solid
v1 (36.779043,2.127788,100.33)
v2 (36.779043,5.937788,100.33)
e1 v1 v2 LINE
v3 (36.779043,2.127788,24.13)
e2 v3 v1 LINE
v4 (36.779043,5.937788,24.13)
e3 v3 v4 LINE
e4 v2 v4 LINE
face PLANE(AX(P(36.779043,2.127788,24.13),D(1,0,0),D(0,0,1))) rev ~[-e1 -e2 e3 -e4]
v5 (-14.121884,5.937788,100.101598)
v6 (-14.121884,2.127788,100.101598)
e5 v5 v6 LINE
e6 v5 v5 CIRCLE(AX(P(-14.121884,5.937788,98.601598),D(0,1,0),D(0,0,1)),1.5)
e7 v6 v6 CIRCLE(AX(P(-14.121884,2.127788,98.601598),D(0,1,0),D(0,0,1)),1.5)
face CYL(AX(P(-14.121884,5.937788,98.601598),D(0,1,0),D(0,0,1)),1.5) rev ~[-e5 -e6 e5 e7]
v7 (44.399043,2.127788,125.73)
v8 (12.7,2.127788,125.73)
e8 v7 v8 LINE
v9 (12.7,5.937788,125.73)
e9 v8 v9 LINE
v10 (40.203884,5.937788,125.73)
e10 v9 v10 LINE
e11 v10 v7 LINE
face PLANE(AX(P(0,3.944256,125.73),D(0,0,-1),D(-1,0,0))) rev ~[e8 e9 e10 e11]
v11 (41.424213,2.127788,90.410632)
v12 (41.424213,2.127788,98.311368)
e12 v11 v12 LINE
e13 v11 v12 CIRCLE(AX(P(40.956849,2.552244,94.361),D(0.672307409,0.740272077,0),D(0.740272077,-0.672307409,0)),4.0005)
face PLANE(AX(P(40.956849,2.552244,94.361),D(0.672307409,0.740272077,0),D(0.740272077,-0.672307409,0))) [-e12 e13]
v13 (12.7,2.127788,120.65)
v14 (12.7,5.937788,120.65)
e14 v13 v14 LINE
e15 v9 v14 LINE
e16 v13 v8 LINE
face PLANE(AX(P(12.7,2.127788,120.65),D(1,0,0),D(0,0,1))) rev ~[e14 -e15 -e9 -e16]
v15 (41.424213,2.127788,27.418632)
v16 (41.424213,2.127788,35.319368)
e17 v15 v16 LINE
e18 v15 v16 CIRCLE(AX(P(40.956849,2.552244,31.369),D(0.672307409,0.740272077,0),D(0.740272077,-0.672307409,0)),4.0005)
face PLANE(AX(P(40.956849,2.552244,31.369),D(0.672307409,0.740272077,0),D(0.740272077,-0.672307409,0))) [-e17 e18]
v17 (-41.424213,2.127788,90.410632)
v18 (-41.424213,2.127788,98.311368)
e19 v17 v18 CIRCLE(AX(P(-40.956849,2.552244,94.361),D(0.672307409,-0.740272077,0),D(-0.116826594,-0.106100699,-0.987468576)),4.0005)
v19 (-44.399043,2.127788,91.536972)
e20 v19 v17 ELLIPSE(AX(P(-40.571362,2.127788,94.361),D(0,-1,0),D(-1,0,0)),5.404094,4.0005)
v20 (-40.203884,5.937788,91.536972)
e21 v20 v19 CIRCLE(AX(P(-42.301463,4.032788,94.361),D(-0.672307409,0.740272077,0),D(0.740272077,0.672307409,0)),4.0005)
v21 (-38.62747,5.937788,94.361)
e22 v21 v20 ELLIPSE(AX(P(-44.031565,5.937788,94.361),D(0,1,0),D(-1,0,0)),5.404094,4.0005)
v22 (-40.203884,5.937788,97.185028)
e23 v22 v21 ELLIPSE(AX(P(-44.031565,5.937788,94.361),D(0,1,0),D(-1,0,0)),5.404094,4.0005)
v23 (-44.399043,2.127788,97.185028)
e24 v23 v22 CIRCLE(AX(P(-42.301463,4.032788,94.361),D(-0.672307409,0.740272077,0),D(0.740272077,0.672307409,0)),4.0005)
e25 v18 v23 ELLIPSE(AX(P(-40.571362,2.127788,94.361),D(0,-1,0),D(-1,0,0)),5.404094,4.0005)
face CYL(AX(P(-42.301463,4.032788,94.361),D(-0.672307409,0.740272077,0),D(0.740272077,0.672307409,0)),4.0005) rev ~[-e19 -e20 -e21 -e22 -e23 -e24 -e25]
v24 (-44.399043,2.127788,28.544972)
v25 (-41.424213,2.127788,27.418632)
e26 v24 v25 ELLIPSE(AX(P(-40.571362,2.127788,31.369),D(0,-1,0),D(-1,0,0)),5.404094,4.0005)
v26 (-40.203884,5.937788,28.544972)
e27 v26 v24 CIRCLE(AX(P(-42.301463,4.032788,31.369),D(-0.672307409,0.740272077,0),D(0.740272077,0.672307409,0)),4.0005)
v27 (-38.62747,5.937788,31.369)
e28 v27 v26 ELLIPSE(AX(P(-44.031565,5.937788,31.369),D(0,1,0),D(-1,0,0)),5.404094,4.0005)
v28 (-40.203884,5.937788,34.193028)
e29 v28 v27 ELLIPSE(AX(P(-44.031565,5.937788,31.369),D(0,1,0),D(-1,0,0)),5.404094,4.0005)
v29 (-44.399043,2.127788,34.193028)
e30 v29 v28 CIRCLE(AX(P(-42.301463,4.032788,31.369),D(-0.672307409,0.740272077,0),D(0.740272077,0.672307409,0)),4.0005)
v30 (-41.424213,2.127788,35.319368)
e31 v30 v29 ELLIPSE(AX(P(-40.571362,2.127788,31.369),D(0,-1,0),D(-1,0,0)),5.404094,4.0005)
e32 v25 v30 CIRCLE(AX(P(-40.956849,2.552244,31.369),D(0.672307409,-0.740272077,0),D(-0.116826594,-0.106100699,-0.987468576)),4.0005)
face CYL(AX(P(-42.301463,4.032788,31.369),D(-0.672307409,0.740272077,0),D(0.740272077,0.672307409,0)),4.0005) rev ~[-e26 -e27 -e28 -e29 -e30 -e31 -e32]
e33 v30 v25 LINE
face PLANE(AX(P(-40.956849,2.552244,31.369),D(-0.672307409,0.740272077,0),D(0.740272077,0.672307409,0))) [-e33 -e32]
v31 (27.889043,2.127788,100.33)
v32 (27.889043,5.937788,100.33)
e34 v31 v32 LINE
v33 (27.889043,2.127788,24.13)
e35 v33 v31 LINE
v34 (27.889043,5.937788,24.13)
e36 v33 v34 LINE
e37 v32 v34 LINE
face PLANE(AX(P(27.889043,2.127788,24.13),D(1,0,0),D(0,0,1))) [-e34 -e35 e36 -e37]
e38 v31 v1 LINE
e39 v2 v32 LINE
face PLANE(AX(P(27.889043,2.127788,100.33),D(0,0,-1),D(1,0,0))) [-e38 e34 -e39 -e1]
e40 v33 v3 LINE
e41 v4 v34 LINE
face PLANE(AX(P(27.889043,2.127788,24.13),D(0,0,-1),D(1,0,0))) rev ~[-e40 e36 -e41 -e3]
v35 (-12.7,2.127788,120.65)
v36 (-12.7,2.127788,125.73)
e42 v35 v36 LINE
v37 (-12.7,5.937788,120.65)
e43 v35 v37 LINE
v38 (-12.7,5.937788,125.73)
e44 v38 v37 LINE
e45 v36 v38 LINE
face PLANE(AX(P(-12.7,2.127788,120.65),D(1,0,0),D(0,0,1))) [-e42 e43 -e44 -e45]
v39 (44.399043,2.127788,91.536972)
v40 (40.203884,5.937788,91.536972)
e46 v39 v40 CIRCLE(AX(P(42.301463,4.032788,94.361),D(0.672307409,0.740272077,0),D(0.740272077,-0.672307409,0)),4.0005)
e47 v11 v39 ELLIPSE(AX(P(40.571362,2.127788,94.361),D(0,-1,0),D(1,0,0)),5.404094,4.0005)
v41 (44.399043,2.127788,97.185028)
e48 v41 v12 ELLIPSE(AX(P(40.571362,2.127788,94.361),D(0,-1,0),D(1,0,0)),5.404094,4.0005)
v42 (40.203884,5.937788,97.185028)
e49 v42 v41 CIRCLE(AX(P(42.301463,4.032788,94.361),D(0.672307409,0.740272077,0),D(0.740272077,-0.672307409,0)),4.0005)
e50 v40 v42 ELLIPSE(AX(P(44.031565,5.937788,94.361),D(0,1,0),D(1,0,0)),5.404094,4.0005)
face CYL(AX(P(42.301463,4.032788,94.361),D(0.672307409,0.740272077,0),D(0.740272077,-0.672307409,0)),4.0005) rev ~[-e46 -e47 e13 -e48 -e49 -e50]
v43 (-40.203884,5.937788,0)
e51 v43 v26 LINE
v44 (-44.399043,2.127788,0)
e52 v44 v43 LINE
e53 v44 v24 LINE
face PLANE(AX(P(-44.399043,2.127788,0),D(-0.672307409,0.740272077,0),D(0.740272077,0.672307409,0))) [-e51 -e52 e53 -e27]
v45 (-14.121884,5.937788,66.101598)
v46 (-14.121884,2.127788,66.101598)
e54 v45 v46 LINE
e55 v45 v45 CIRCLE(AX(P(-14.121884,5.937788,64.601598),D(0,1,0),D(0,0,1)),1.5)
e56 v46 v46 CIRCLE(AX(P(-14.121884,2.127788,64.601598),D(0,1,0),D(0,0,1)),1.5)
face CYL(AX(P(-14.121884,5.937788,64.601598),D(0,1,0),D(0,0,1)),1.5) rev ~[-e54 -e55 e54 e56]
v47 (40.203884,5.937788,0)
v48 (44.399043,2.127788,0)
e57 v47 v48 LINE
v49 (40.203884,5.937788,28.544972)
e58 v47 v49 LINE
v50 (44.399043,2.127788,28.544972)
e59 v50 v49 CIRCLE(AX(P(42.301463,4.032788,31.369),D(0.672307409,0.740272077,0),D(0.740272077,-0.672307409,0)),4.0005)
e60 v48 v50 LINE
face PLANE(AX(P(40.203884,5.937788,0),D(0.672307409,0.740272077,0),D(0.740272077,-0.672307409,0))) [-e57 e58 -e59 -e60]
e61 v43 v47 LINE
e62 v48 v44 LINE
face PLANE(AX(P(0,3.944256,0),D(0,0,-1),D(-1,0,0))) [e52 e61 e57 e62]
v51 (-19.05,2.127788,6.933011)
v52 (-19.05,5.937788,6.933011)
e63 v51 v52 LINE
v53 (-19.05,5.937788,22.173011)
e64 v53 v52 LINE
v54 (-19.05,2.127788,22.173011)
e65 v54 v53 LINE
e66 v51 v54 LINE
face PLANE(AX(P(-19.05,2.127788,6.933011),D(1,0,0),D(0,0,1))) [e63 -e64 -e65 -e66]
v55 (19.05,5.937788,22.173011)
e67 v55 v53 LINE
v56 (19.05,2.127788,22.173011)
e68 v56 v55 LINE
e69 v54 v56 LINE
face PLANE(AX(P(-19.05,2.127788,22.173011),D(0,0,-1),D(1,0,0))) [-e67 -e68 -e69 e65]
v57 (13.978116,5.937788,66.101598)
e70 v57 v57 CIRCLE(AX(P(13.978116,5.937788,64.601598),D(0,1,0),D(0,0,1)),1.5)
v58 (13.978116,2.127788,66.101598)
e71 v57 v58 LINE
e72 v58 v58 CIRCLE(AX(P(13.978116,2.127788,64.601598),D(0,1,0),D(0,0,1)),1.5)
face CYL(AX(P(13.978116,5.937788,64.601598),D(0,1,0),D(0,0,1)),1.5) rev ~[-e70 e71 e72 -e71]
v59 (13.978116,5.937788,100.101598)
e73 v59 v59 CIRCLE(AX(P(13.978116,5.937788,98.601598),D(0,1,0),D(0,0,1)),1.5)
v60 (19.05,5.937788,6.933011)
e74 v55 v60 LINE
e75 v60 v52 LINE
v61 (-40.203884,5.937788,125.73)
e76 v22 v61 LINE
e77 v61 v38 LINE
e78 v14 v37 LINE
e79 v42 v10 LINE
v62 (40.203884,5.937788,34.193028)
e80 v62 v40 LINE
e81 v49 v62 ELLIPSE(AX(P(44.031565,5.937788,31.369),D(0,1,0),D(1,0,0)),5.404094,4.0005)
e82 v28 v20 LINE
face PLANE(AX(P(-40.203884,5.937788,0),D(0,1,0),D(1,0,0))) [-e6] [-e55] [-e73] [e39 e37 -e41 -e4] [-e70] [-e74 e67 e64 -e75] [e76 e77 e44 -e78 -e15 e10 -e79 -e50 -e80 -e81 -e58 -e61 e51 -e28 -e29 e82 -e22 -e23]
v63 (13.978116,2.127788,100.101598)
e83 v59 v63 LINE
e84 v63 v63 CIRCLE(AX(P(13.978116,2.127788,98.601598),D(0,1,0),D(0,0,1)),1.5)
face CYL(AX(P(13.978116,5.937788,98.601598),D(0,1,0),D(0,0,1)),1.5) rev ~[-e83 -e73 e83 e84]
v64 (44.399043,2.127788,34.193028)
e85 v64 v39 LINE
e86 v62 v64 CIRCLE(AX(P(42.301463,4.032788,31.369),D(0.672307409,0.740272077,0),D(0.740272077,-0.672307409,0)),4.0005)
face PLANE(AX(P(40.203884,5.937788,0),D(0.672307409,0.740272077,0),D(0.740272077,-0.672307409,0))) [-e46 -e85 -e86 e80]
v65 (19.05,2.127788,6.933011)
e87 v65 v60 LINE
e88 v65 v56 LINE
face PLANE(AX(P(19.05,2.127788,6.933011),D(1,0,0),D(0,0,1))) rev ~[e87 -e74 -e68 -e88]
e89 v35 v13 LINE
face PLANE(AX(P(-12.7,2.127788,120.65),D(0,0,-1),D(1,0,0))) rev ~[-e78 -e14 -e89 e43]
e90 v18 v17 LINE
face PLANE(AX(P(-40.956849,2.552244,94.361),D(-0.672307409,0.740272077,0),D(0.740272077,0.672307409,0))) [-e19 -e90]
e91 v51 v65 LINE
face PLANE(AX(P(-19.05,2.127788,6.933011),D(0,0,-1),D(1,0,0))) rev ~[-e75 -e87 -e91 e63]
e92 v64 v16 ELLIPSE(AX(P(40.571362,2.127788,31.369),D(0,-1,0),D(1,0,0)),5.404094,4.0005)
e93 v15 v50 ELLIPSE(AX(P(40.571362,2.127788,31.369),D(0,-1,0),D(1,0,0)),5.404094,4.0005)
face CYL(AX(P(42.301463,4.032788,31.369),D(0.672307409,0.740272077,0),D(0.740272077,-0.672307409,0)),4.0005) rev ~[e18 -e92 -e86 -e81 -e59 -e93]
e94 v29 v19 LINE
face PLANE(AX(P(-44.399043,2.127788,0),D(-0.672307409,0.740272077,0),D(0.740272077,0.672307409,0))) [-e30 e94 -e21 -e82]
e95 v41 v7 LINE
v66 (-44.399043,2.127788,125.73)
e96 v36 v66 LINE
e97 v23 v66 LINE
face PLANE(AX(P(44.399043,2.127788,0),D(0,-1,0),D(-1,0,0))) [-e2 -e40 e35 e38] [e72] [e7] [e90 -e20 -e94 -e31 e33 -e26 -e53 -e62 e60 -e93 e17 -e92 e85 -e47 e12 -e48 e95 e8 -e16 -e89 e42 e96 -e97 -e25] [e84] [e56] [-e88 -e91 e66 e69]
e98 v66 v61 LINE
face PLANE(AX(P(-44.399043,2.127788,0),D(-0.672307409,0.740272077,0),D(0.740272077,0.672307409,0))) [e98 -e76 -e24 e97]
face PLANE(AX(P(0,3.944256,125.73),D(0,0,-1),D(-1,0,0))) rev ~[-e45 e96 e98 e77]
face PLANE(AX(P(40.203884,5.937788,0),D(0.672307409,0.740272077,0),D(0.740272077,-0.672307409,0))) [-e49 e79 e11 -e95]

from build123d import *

# Parameters (mm, degrees)
BOSS_EXTRUDE1_DEPTH = 125.73
SKETCH3_W           = 25.4
SKETCH3_H           = 5.08
CUT_EXTRUDE1_DEPTH  = 134.393493158
SKETCH5_W           = 8.89
SKETCH5_H           = 76.2
CUT_EXTRUDE3_DEPTH  = 134.393493158
SKETCH6_W           = 38.1
SKETCH6_H           = 15.24
CUT_EXTRUDE4_DEPTH  = 134.393493158
SKETCH7_R           = 4.0005
CUT_EXTRUDE5_DEPTH  = 2
SKETCH8_R           = 4.0005
CUT_EXTRUDE6_DEPTH  = 2
SKETCH9_R           = 1.5
CUT_EXTRUDE8_DEPTH  = 134.393493158


with BuildPart() as part:
    # Sketch1 → Boss-Extrude1 (new body)
    with BuildSketch(Plane.XY):
        Polygon((-40.203883769, 5.937788296), (40.203883769, 5.937788296), (44.399042974, 2.127788296), (-44.399042974, 2.127788296), align=None)
    extrude(amount=BOSS_EXTRUDE1_DEPTH)

    # Sketch3 → Cut-Extrude1 (cut, through all)
    with BuildSketch(Plane.XZ.offset(-2.127788296)):
        with Locations((0, 123.19)):
            Rectangle(SKETCH3_W, SKETCH3_H)
    extrude(amount=-CUT_EXTRUDE1_DEPTH, mode=Mode.SUBTRACT)

    # Sketch5 → Cut-Extrude3 (cut, through all)
    with BuildSketch(Plane.XZ.offset(-2.127788296)):
        with Locations((32.334042974, 62.23)):
            Rectangle(SKETCH5_W, SKETCH5_H)
    extrude(amount=-CUT_EXTRUDE3_DEPTH, mode=Mode.SUBTRACT)

    # Sketch6 → Cut-Extrude4 (cut, through all)
    with BuildSketch(Plane.XZ.offset(-2.127788296)):
        with Locations((0, 14.553010533)):
            Rectangle(SKETCH6_W, SKETCH6_H)
    extrude(amount=-CUT_EXTRUDE4_DEPTH, mode=Mode.SUBTRACT)

    # Sketch7 → Cut-Extrude5 (cut)
    with BuildSketch(Plane(origin=(21.127225221, 23.263011377, 0), x_dir=(0.7402720771062569, -0.6723074087475075, 0), z_dir=(0.6723074087475075, 0.7402720771062569, 0))):
        with Locations((28.603318705, -94.361)):
            Circle(SKETCH7_R)
        with Locations((28.603318705, -31.369)):
            Circle(SKETCH7_R)
    extrude(amount=-CUT_EXTRUDE5_DEPTH, mode=Mode.SUBTRACT)

    # Sketch8 → Cut-Extrude6 (cut)
    with BuildSketch(Plane(origin=(-21.127225221, 23.263011377, 0), x_dir=(0.7402720771062569, 0.6723074087475075, 0), z_dir=(-0.6723074087475075, 0.7402720771062569, 0))):
        with Locations((-28.603318705, -31.369)):
            Circle(SKETCH8_R)
        with Locations((-28.603318705, -94.361)):
            Circle(SKETCH8_R)
    extrude(amount=-CUT_EXTRUDE6_DEPTH, mode=Mode.SUBTRACT)

    # Sketch9 → Cut-Extrude8 (cut, through all)
    with BuildSketch(Plane(origin=(0, 5.937788296, 0), x_dir=(1, 0, 0), z_dir=(0, 1, 0))):
        with Locations(Location((13.978116231, -98.601597848, 0), (0, 0, 270))):
            Circle(SKETCH9_R)
        with Locations(Location((-14.121883769, -98.601597848, 0), (0, 0, 270))):
            Circle(SKETCH9_R)
        with Locations(Location((-14.121883769, -64.601597848, 0), (0, 0, 270))):
            Circle(SKETCH9_R)
        with Locations(Location((13.978116231, -64.601597848, 0), (0, 0, 270))):
            Circle(SKETCH9_R)
    extrude(amount=-CUT_EXTRUDE8_DEPTH, mode=Mode.SUBTRACT)


solid = part.part
